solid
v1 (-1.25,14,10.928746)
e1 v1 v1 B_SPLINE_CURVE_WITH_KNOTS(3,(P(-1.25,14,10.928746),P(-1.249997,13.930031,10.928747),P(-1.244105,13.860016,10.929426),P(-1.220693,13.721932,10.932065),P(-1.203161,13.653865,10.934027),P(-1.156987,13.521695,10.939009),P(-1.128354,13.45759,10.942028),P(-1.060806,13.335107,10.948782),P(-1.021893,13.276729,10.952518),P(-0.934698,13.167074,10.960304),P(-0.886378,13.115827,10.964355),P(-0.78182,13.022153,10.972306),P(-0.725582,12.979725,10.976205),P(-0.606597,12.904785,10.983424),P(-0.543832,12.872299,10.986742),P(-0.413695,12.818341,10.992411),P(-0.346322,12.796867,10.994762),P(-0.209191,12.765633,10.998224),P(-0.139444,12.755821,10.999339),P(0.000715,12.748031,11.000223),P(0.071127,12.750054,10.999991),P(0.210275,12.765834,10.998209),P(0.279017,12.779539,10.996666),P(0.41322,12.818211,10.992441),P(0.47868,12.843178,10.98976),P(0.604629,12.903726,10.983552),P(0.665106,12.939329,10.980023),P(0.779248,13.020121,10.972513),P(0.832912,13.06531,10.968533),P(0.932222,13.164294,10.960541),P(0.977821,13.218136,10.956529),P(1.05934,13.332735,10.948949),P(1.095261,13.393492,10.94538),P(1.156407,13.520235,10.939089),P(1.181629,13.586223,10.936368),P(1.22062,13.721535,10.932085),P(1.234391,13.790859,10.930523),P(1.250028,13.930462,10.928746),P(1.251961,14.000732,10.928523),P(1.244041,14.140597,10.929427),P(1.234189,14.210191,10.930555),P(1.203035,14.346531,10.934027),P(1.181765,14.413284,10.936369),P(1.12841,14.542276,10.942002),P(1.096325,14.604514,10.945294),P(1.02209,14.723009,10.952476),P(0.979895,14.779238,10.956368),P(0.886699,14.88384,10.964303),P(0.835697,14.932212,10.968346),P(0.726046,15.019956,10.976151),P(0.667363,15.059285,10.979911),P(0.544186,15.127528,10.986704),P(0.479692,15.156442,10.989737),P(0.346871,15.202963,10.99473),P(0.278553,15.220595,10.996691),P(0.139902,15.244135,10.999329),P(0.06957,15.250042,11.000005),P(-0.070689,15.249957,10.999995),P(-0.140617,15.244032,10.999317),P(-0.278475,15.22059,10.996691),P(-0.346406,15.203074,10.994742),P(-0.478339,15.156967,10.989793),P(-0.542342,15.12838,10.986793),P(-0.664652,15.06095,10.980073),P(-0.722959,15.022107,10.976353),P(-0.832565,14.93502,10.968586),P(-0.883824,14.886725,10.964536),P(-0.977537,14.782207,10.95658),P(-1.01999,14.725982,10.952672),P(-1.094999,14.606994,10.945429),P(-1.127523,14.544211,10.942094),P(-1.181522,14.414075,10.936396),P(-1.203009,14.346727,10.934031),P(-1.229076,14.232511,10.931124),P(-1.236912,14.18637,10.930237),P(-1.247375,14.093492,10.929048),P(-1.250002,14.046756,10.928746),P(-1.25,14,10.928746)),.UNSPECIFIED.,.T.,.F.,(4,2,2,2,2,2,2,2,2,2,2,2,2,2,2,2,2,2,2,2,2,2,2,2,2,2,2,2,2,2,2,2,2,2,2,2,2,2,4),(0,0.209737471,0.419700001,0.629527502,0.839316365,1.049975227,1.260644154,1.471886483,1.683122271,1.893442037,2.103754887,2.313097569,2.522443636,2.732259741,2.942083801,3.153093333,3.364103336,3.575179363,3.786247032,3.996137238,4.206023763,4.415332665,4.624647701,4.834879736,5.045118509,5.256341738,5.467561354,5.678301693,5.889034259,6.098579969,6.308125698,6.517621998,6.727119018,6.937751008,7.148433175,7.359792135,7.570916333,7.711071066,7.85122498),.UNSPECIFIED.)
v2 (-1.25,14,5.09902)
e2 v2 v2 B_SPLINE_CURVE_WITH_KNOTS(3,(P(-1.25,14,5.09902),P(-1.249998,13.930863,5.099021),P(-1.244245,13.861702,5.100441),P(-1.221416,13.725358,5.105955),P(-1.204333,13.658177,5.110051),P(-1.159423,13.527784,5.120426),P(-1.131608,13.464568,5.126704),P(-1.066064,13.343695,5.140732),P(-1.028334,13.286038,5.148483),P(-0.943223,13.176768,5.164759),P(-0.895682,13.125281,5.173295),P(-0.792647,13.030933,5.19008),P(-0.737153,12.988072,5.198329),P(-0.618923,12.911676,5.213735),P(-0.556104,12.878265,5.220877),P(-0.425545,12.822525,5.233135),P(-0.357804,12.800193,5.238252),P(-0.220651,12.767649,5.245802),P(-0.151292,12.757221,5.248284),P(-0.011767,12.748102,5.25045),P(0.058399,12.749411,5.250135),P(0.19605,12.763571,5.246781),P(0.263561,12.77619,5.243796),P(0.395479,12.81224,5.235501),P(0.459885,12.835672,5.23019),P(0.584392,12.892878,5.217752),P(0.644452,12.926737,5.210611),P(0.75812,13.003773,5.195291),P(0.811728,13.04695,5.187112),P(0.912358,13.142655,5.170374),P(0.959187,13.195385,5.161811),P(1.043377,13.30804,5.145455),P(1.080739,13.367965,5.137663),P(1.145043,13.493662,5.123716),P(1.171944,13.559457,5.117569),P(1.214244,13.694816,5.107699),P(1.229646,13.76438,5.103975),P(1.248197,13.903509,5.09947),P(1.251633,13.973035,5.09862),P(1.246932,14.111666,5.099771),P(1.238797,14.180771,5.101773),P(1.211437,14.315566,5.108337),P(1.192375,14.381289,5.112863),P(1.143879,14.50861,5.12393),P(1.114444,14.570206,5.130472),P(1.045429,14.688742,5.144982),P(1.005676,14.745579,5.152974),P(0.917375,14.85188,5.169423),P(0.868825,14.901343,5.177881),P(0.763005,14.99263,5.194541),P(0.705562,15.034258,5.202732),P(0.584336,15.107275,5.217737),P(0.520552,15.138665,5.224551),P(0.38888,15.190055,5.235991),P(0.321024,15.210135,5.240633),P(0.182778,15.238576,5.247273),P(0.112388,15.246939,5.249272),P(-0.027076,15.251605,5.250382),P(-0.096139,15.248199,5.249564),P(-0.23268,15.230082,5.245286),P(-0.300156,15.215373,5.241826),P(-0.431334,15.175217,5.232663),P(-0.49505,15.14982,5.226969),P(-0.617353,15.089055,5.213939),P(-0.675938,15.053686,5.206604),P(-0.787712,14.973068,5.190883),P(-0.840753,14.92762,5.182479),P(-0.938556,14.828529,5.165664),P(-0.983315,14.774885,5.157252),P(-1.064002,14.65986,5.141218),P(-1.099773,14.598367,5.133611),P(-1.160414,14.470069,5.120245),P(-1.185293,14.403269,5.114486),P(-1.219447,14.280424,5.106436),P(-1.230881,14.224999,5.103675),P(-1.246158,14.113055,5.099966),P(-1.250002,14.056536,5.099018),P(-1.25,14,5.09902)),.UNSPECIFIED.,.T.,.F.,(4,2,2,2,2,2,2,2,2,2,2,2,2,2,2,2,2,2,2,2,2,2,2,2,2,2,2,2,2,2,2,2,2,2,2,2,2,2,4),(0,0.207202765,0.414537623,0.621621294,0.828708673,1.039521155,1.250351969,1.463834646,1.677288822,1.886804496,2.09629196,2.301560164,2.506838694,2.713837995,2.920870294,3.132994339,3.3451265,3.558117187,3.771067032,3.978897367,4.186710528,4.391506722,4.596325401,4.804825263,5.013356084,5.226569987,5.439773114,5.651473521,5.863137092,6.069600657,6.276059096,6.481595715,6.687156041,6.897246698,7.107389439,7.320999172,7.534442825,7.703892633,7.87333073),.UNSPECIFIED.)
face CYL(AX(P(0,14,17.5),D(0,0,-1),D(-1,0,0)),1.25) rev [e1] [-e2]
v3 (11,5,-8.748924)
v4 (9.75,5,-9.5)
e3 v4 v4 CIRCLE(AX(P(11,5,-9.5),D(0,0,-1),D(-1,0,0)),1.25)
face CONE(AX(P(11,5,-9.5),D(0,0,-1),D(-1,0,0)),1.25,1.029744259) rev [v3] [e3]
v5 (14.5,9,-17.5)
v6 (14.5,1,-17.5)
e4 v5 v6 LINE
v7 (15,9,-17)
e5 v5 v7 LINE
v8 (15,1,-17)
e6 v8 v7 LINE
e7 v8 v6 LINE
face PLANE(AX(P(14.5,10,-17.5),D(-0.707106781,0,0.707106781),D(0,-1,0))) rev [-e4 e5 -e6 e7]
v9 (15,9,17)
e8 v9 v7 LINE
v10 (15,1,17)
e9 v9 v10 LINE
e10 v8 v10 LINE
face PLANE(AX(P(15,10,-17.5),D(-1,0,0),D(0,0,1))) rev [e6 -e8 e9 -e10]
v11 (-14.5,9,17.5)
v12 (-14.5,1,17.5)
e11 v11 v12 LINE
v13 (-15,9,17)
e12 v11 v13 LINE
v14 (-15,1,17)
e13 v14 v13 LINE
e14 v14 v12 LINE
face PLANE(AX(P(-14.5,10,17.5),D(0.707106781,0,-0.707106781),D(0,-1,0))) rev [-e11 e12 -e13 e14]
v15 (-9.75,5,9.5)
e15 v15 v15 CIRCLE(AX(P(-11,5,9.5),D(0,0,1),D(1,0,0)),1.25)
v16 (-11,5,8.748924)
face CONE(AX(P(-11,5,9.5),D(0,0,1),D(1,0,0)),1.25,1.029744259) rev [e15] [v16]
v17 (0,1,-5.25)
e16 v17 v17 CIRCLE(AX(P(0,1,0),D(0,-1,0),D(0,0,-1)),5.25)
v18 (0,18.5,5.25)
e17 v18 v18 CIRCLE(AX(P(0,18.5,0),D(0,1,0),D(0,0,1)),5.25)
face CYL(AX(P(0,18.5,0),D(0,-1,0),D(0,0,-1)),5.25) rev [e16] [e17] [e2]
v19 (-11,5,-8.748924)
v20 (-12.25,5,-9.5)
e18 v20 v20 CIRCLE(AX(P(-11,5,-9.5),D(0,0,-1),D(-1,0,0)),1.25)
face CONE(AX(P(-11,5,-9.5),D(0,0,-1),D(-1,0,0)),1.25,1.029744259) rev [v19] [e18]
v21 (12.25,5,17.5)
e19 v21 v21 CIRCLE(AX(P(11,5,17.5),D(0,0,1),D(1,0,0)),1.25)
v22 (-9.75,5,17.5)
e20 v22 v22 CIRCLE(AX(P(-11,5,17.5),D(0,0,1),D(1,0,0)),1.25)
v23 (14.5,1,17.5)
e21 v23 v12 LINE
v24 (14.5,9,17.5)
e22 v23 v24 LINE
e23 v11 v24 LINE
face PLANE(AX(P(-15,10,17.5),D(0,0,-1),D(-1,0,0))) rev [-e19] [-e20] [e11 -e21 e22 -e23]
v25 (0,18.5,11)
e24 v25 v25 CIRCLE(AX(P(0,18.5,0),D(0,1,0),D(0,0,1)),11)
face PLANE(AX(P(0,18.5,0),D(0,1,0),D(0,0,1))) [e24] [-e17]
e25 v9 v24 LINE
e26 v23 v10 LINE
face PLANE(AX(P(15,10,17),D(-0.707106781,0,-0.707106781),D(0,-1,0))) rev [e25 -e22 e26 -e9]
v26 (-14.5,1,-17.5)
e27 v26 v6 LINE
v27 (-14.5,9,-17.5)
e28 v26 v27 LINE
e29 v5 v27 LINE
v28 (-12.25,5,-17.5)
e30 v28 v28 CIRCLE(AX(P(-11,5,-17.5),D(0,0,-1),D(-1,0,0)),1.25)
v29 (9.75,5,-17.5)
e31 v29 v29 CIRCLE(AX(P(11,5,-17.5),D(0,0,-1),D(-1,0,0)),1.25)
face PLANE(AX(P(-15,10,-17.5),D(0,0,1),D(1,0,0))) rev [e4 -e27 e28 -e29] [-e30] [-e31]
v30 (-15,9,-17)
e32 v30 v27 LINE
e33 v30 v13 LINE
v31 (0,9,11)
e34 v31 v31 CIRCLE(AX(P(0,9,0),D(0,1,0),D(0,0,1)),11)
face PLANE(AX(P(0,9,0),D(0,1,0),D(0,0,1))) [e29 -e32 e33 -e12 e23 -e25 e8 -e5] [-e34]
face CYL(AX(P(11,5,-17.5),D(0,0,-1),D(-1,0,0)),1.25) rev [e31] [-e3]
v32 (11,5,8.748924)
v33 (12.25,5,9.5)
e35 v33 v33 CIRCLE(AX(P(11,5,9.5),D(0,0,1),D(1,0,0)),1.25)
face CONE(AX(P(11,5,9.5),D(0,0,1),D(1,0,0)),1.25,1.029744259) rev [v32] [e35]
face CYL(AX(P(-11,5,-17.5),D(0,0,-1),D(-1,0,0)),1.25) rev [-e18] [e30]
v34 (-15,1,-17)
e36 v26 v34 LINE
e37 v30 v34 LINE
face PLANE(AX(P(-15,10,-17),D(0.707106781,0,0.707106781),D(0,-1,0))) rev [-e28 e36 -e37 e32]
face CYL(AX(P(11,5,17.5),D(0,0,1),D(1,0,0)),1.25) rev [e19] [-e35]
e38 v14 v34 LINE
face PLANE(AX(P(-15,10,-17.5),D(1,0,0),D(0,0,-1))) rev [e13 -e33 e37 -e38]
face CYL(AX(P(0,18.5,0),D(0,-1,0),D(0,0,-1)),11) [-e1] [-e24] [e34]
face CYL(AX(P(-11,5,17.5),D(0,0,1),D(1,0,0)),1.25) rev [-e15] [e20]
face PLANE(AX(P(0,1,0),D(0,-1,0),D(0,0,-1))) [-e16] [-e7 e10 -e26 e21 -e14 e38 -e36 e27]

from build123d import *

# Parameters (mm, degrees)
SKETCH_1_W                  = 30
SKETCH_1_H                  = 35
EXTRUDE_1_DEPTH             = 10
SKETCH_3_R                  = 11
SKETCH_3_R_2                = 5.25
EXTRUDE_2_DEPTH             = 8.5
CHAMFER_1_SIZE              = 0.5
SKETCH_6_R                  = 5.25
CUT_EXTRUDE_3_DEPTH         = 30.555033412
SKETCH_7_W                  = 31.194113832
SKETCH_7_H                  = 36.870983812
CUT_EXTRUDE_4_DEPTH         = 1
CUT_EXTRUDE_START           = -1
SKETCH_8_W                  = 33.487798672
SKETCH_8_H                  = 37.788457748
SKETCH_8_R                  = 11
CUT_EXTRUDE_5_DEPTH         = 1
HOLE_WIZARD_M3_1_AT_2_COUNT = 2
HOLE_WIZARD_M3_1_AT_2_PITCH = 22
SKETCH_4_R                  = 1.25
CUT_EXTRUDE_6_DEPTH         = 30.555033412


with BuildPart() as part:
    # 草图1 → 凸台-拉伸1 (new body)
    with BuildSketch(Plane(origin=(0, 0, 0), x_dir=(1, 0, 0), z_dir=(0, 1, 0))):
        Rectangle(SKETCH_1_W, SKETCH_1_H)
    extrude(amount=EXTRUDE_1_DEPTH)

    # 草图3 → 凸台-拉伸2 (add)
    with BuildSketch(Plane(origin=(0, 10, 0), x_dir=(1, 0, 0), z_dir=(0, 1, 0))):
        with Locations(Location((0, 0, 0), (0, 0, 270))):
            Circle(SKETCH_3_R)
        with Locations(Location((0, 0, 0), (0, 0, 270))):
            Circle(SKETCH_3_R_2, mode=Mode.SUBTRACT)
    extrude(amount=EXTRUDE_2_DEPTH)

    # 倒角1
    chamfer_1_edges = [part.edges().sort_by_distance(p)[0] for p in [
        (15, 5, 17.5),
        (-15, 5, 17.5),
        (-15, 5, -17.5),
        (15, 5, -17.5),
    ]]
    chamfer(chamfer_1_edges, length=CHAMFER_1_SIZE)

    # 草图6 → 切除-拉伸3 (cut, through all)
    with BuildSketch(Plane(origin=(0, 18.5, 0), x_dir=(1, 0, 0), z_dir=(0, 1, 0))):
        with Locations(Location((0, 0, 0), (0, 0, 270))):
            Circle(SKETCH_6_R)
    extrude(amount=-CUT_EXTRUDE_3_DEPTH, mode=Mode.SUBTRACT)

    # 草图7 → 切除-拉伸4 (cut)
    with BuildSketch(Plane.XZ):
        Rectangle(SKETCH_7_W, SKETCH_7_H)
    extrude(amount=-CUT_EXTRUDE_4_DEPTH, mode=Mode.SUBTRACT)

    # 草图8 → 切除-拉伸5 (cut)
    with BuildSketch(Plane(origin=(0, 10, 0), x_dir=(1, 0, 0), z_dir=(0, 1, 0)).offset(CUT_EXTRUDE_START)):
        Rectangle(SKETCH_8_W, SKETCH_8_H)
        with Locations(Location((0, 0, 0), (0, 0, 270))):
            Circle(SKETCH_8_R, mode=Mode.SUBTRACT)
    extrude(amount=CUT_EXTRUDE_5_DEPTH, mode=Mode.SUBTRACT)

    # 草图9 → M3 螺纹孔1 (revolve, cut)
    with BuildSketch(Plane(origin=(-11, 5, 17.5), x_dir=(0, -1, 0), z_dir=(1, 0, 0))):
        Polygon((0, 0), (0, 8.751075774), (1.25, 8), (1.25, 0), align=None)
    hole_wizard_m3_1 = revolve(axis=Axis((-11, 5, 23.85), (0, 0, -1)), mode=Mode.SUBTRACT)

    # M3 螺纹孔1 at 2: M3 螺纹孔1 ×2
    with Locations(*[(i * HOLE_WIZARD_M3_1_AT_2_PITCH, 0, 0) for i in range(1, HOLE_WIZARD_M3_1_AT_2_COUNT)]):
        add(hole_wizard_m3_1, mode=Mode.SUBTRACT)

    # 镜向1: M3 螺纹孔1 across plane
    add(hole_wizard_m3_1.mirror(Plane.XY), mode=Mode.SUBTRACT)

    # 镜向1 copy 1 sketch → 镜向1 copy 1 (revolve, cut)
    with BuildSketch(Plane(origin=(11, 5, -17.5), x_dir=(0, -1, 0), z_dir=(1, 0, 0))):
        Polygon((0, 0), (0, -8.751075774), (1.25, -8), (1.25, 0), align=None)
    revolve(axis=Axis((11, 5, -23.85), (0, 0, -1)), mode=Mode.SUBTRACT)

    # 草图4 → 切除-拉伸6 (cut, through all)
    with BuildSketch(Plane.XY):
        with Locations(Location((0, 14, 0), (0, 0, 180))):
            Circle(SKETCH_4_R)
    extrude(amount=CUT_EXTRUDE_6_DEPTH, mode=Mode.SUBTRACT)


solid = part.part
